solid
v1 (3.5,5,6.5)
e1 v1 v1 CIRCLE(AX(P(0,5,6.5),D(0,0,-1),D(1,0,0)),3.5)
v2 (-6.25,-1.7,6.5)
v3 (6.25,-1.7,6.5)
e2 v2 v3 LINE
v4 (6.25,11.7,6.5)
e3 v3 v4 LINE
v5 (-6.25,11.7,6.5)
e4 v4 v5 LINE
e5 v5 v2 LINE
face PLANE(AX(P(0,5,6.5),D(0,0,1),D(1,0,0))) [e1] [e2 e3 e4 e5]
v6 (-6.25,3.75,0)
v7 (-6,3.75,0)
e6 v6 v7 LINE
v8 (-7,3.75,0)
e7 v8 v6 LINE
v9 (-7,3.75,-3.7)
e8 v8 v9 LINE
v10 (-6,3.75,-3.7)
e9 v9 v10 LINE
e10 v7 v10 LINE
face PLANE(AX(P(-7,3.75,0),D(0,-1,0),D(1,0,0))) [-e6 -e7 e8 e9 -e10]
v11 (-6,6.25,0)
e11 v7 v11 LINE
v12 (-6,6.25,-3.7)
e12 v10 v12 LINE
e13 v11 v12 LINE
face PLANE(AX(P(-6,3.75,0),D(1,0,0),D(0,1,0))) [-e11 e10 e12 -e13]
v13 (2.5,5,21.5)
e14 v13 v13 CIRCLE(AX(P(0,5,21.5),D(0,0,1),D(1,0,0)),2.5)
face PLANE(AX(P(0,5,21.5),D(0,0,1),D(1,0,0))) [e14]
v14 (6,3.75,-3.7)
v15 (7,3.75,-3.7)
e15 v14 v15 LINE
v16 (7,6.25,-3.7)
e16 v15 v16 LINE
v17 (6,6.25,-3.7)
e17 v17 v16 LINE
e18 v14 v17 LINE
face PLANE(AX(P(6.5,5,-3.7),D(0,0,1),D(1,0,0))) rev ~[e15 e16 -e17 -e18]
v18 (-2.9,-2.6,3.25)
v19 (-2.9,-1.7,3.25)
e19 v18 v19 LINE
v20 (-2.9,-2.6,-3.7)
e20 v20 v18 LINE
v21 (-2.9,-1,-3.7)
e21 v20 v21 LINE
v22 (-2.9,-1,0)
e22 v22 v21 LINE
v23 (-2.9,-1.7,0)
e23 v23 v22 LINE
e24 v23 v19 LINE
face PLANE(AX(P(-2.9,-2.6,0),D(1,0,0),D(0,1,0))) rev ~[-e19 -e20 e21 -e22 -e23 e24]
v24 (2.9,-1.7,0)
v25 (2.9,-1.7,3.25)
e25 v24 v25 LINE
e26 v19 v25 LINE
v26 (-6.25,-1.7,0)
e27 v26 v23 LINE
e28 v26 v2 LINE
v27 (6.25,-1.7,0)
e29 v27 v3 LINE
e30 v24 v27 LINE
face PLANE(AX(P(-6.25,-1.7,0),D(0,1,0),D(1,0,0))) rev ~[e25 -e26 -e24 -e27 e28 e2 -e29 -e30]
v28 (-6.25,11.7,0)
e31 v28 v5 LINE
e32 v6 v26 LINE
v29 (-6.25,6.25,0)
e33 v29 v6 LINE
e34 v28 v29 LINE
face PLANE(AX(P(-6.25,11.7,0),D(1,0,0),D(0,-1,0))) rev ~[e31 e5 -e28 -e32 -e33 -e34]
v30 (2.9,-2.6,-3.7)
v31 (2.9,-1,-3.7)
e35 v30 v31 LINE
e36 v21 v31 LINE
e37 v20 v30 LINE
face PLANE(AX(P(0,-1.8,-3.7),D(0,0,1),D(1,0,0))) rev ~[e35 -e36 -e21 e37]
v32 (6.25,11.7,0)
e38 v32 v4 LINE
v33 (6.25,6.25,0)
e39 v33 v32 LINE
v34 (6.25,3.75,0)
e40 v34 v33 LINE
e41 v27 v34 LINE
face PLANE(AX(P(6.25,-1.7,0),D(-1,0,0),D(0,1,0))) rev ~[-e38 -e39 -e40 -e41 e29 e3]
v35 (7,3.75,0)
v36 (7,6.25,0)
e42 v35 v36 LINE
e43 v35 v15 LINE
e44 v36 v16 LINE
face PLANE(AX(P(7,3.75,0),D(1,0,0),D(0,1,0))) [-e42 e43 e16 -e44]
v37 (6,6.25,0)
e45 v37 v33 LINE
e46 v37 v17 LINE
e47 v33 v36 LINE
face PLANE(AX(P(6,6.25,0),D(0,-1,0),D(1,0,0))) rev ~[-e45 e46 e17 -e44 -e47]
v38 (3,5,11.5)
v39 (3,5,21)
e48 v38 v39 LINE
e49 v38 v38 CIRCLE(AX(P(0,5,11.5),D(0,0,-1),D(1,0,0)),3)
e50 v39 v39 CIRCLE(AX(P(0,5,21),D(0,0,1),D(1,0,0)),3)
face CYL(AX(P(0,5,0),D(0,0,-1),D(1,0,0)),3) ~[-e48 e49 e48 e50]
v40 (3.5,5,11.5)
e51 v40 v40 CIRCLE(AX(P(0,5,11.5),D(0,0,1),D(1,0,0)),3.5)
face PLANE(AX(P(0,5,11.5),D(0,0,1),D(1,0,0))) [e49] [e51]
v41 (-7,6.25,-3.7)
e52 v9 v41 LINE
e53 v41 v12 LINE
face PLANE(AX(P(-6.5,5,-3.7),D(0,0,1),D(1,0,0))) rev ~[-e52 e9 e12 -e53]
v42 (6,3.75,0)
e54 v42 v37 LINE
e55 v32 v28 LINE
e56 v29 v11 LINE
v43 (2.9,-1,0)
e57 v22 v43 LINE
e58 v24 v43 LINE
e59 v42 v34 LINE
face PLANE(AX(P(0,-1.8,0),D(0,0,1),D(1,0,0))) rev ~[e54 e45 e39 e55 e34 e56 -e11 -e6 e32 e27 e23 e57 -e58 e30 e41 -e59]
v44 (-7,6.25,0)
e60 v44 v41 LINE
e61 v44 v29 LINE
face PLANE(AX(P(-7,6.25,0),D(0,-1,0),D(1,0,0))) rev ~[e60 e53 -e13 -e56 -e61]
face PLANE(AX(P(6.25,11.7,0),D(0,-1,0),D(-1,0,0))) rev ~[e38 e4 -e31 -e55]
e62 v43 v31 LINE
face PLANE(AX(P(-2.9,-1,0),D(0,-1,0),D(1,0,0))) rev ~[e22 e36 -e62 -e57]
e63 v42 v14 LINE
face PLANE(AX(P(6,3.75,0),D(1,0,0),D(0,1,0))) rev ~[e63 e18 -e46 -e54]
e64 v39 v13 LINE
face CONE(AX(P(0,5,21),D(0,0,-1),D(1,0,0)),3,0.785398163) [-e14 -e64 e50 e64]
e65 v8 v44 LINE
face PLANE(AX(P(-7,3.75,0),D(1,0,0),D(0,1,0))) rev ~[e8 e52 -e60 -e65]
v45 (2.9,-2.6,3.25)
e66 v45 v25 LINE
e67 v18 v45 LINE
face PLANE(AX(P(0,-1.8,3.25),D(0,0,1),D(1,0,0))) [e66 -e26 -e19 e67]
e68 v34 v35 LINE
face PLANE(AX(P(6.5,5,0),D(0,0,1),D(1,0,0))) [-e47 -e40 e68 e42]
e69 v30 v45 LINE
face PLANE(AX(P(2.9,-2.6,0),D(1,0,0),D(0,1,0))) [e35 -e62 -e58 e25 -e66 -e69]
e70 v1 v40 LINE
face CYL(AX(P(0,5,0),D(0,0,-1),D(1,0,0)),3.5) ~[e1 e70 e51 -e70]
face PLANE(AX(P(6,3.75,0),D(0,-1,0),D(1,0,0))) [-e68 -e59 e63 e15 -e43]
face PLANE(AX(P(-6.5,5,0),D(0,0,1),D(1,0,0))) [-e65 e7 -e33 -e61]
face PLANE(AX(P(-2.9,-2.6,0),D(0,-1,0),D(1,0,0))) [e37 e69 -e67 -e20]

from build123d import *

# Parameters (mm, degrees)
F3_DEPTH       = 6.5
F1_R           = 3.5
F4_DEPTH       = 11.5
F2_R           = 3
F5_DEPTH       = 21.5
F6_SIZE        = 0.5
F7_W           = 1
F7_H           = 2.5
F8_DEPTH       = 3.7
F9_W           = 5.8
F9_H           = 1.6
F10_DEPTH      = 3.25
F10_DEPTH_BACK = 3.7


with BuildPart() as f3:
    # F0 (on Top) → F3 (new body)
    with BuildSketch(Plane.XY):
        Polygon((0, 11.7), (-6.25, 11.7), (-6.25, -1.7), (6.25, -1.7), (6.25, 5), (6.25, 11.7), align=None)
    extrude(amount=F3_DEPTH)

    # F1 (on Top) → F4 (join)
    with BuildSketch(Plane.XY):
        with Locations((0, 5)):
            Circle(F1_R)
    extrude(amount=F4_DEPTH)

    # F2 (on Top) → F5 (join)
    with BuildSketch(Plane.XY):
        with Locations((0, 5)):
            Circle(F2_R)
    extrude(amount=F5_DEPTH)

    # F6
    f6_edges = [f3.edges().sort_by_distance(p)[0] for p in [
        (-3, 5, 21.5),
    ]]
    chamfer(f6_edges, length=F6_SIZE)

    # F7 (on Top) → F8 (join)
    with BuildSketch(Plane.XY):
        with Locations((-6.5, 5)):
            Rectangle(F7_W, F7_H)
        with Locations((6.5, 5)):
            Rectangle(F7_W, F7_H)
    extrude(amount=-F8_DEPTH)

    # F9 (on Top) → F10 (join, two sides)
    with BuildSketch(Plane.XY) as f10_sk:
        with Locations((0, -1.8)):
            Rectangle(F9_W, F9_H)
    extrude(amount=F10_DEPTH)
    extrude(f10_sk.sketch, amount=-F10_DEPTH_BACK)


solid = f3.part
